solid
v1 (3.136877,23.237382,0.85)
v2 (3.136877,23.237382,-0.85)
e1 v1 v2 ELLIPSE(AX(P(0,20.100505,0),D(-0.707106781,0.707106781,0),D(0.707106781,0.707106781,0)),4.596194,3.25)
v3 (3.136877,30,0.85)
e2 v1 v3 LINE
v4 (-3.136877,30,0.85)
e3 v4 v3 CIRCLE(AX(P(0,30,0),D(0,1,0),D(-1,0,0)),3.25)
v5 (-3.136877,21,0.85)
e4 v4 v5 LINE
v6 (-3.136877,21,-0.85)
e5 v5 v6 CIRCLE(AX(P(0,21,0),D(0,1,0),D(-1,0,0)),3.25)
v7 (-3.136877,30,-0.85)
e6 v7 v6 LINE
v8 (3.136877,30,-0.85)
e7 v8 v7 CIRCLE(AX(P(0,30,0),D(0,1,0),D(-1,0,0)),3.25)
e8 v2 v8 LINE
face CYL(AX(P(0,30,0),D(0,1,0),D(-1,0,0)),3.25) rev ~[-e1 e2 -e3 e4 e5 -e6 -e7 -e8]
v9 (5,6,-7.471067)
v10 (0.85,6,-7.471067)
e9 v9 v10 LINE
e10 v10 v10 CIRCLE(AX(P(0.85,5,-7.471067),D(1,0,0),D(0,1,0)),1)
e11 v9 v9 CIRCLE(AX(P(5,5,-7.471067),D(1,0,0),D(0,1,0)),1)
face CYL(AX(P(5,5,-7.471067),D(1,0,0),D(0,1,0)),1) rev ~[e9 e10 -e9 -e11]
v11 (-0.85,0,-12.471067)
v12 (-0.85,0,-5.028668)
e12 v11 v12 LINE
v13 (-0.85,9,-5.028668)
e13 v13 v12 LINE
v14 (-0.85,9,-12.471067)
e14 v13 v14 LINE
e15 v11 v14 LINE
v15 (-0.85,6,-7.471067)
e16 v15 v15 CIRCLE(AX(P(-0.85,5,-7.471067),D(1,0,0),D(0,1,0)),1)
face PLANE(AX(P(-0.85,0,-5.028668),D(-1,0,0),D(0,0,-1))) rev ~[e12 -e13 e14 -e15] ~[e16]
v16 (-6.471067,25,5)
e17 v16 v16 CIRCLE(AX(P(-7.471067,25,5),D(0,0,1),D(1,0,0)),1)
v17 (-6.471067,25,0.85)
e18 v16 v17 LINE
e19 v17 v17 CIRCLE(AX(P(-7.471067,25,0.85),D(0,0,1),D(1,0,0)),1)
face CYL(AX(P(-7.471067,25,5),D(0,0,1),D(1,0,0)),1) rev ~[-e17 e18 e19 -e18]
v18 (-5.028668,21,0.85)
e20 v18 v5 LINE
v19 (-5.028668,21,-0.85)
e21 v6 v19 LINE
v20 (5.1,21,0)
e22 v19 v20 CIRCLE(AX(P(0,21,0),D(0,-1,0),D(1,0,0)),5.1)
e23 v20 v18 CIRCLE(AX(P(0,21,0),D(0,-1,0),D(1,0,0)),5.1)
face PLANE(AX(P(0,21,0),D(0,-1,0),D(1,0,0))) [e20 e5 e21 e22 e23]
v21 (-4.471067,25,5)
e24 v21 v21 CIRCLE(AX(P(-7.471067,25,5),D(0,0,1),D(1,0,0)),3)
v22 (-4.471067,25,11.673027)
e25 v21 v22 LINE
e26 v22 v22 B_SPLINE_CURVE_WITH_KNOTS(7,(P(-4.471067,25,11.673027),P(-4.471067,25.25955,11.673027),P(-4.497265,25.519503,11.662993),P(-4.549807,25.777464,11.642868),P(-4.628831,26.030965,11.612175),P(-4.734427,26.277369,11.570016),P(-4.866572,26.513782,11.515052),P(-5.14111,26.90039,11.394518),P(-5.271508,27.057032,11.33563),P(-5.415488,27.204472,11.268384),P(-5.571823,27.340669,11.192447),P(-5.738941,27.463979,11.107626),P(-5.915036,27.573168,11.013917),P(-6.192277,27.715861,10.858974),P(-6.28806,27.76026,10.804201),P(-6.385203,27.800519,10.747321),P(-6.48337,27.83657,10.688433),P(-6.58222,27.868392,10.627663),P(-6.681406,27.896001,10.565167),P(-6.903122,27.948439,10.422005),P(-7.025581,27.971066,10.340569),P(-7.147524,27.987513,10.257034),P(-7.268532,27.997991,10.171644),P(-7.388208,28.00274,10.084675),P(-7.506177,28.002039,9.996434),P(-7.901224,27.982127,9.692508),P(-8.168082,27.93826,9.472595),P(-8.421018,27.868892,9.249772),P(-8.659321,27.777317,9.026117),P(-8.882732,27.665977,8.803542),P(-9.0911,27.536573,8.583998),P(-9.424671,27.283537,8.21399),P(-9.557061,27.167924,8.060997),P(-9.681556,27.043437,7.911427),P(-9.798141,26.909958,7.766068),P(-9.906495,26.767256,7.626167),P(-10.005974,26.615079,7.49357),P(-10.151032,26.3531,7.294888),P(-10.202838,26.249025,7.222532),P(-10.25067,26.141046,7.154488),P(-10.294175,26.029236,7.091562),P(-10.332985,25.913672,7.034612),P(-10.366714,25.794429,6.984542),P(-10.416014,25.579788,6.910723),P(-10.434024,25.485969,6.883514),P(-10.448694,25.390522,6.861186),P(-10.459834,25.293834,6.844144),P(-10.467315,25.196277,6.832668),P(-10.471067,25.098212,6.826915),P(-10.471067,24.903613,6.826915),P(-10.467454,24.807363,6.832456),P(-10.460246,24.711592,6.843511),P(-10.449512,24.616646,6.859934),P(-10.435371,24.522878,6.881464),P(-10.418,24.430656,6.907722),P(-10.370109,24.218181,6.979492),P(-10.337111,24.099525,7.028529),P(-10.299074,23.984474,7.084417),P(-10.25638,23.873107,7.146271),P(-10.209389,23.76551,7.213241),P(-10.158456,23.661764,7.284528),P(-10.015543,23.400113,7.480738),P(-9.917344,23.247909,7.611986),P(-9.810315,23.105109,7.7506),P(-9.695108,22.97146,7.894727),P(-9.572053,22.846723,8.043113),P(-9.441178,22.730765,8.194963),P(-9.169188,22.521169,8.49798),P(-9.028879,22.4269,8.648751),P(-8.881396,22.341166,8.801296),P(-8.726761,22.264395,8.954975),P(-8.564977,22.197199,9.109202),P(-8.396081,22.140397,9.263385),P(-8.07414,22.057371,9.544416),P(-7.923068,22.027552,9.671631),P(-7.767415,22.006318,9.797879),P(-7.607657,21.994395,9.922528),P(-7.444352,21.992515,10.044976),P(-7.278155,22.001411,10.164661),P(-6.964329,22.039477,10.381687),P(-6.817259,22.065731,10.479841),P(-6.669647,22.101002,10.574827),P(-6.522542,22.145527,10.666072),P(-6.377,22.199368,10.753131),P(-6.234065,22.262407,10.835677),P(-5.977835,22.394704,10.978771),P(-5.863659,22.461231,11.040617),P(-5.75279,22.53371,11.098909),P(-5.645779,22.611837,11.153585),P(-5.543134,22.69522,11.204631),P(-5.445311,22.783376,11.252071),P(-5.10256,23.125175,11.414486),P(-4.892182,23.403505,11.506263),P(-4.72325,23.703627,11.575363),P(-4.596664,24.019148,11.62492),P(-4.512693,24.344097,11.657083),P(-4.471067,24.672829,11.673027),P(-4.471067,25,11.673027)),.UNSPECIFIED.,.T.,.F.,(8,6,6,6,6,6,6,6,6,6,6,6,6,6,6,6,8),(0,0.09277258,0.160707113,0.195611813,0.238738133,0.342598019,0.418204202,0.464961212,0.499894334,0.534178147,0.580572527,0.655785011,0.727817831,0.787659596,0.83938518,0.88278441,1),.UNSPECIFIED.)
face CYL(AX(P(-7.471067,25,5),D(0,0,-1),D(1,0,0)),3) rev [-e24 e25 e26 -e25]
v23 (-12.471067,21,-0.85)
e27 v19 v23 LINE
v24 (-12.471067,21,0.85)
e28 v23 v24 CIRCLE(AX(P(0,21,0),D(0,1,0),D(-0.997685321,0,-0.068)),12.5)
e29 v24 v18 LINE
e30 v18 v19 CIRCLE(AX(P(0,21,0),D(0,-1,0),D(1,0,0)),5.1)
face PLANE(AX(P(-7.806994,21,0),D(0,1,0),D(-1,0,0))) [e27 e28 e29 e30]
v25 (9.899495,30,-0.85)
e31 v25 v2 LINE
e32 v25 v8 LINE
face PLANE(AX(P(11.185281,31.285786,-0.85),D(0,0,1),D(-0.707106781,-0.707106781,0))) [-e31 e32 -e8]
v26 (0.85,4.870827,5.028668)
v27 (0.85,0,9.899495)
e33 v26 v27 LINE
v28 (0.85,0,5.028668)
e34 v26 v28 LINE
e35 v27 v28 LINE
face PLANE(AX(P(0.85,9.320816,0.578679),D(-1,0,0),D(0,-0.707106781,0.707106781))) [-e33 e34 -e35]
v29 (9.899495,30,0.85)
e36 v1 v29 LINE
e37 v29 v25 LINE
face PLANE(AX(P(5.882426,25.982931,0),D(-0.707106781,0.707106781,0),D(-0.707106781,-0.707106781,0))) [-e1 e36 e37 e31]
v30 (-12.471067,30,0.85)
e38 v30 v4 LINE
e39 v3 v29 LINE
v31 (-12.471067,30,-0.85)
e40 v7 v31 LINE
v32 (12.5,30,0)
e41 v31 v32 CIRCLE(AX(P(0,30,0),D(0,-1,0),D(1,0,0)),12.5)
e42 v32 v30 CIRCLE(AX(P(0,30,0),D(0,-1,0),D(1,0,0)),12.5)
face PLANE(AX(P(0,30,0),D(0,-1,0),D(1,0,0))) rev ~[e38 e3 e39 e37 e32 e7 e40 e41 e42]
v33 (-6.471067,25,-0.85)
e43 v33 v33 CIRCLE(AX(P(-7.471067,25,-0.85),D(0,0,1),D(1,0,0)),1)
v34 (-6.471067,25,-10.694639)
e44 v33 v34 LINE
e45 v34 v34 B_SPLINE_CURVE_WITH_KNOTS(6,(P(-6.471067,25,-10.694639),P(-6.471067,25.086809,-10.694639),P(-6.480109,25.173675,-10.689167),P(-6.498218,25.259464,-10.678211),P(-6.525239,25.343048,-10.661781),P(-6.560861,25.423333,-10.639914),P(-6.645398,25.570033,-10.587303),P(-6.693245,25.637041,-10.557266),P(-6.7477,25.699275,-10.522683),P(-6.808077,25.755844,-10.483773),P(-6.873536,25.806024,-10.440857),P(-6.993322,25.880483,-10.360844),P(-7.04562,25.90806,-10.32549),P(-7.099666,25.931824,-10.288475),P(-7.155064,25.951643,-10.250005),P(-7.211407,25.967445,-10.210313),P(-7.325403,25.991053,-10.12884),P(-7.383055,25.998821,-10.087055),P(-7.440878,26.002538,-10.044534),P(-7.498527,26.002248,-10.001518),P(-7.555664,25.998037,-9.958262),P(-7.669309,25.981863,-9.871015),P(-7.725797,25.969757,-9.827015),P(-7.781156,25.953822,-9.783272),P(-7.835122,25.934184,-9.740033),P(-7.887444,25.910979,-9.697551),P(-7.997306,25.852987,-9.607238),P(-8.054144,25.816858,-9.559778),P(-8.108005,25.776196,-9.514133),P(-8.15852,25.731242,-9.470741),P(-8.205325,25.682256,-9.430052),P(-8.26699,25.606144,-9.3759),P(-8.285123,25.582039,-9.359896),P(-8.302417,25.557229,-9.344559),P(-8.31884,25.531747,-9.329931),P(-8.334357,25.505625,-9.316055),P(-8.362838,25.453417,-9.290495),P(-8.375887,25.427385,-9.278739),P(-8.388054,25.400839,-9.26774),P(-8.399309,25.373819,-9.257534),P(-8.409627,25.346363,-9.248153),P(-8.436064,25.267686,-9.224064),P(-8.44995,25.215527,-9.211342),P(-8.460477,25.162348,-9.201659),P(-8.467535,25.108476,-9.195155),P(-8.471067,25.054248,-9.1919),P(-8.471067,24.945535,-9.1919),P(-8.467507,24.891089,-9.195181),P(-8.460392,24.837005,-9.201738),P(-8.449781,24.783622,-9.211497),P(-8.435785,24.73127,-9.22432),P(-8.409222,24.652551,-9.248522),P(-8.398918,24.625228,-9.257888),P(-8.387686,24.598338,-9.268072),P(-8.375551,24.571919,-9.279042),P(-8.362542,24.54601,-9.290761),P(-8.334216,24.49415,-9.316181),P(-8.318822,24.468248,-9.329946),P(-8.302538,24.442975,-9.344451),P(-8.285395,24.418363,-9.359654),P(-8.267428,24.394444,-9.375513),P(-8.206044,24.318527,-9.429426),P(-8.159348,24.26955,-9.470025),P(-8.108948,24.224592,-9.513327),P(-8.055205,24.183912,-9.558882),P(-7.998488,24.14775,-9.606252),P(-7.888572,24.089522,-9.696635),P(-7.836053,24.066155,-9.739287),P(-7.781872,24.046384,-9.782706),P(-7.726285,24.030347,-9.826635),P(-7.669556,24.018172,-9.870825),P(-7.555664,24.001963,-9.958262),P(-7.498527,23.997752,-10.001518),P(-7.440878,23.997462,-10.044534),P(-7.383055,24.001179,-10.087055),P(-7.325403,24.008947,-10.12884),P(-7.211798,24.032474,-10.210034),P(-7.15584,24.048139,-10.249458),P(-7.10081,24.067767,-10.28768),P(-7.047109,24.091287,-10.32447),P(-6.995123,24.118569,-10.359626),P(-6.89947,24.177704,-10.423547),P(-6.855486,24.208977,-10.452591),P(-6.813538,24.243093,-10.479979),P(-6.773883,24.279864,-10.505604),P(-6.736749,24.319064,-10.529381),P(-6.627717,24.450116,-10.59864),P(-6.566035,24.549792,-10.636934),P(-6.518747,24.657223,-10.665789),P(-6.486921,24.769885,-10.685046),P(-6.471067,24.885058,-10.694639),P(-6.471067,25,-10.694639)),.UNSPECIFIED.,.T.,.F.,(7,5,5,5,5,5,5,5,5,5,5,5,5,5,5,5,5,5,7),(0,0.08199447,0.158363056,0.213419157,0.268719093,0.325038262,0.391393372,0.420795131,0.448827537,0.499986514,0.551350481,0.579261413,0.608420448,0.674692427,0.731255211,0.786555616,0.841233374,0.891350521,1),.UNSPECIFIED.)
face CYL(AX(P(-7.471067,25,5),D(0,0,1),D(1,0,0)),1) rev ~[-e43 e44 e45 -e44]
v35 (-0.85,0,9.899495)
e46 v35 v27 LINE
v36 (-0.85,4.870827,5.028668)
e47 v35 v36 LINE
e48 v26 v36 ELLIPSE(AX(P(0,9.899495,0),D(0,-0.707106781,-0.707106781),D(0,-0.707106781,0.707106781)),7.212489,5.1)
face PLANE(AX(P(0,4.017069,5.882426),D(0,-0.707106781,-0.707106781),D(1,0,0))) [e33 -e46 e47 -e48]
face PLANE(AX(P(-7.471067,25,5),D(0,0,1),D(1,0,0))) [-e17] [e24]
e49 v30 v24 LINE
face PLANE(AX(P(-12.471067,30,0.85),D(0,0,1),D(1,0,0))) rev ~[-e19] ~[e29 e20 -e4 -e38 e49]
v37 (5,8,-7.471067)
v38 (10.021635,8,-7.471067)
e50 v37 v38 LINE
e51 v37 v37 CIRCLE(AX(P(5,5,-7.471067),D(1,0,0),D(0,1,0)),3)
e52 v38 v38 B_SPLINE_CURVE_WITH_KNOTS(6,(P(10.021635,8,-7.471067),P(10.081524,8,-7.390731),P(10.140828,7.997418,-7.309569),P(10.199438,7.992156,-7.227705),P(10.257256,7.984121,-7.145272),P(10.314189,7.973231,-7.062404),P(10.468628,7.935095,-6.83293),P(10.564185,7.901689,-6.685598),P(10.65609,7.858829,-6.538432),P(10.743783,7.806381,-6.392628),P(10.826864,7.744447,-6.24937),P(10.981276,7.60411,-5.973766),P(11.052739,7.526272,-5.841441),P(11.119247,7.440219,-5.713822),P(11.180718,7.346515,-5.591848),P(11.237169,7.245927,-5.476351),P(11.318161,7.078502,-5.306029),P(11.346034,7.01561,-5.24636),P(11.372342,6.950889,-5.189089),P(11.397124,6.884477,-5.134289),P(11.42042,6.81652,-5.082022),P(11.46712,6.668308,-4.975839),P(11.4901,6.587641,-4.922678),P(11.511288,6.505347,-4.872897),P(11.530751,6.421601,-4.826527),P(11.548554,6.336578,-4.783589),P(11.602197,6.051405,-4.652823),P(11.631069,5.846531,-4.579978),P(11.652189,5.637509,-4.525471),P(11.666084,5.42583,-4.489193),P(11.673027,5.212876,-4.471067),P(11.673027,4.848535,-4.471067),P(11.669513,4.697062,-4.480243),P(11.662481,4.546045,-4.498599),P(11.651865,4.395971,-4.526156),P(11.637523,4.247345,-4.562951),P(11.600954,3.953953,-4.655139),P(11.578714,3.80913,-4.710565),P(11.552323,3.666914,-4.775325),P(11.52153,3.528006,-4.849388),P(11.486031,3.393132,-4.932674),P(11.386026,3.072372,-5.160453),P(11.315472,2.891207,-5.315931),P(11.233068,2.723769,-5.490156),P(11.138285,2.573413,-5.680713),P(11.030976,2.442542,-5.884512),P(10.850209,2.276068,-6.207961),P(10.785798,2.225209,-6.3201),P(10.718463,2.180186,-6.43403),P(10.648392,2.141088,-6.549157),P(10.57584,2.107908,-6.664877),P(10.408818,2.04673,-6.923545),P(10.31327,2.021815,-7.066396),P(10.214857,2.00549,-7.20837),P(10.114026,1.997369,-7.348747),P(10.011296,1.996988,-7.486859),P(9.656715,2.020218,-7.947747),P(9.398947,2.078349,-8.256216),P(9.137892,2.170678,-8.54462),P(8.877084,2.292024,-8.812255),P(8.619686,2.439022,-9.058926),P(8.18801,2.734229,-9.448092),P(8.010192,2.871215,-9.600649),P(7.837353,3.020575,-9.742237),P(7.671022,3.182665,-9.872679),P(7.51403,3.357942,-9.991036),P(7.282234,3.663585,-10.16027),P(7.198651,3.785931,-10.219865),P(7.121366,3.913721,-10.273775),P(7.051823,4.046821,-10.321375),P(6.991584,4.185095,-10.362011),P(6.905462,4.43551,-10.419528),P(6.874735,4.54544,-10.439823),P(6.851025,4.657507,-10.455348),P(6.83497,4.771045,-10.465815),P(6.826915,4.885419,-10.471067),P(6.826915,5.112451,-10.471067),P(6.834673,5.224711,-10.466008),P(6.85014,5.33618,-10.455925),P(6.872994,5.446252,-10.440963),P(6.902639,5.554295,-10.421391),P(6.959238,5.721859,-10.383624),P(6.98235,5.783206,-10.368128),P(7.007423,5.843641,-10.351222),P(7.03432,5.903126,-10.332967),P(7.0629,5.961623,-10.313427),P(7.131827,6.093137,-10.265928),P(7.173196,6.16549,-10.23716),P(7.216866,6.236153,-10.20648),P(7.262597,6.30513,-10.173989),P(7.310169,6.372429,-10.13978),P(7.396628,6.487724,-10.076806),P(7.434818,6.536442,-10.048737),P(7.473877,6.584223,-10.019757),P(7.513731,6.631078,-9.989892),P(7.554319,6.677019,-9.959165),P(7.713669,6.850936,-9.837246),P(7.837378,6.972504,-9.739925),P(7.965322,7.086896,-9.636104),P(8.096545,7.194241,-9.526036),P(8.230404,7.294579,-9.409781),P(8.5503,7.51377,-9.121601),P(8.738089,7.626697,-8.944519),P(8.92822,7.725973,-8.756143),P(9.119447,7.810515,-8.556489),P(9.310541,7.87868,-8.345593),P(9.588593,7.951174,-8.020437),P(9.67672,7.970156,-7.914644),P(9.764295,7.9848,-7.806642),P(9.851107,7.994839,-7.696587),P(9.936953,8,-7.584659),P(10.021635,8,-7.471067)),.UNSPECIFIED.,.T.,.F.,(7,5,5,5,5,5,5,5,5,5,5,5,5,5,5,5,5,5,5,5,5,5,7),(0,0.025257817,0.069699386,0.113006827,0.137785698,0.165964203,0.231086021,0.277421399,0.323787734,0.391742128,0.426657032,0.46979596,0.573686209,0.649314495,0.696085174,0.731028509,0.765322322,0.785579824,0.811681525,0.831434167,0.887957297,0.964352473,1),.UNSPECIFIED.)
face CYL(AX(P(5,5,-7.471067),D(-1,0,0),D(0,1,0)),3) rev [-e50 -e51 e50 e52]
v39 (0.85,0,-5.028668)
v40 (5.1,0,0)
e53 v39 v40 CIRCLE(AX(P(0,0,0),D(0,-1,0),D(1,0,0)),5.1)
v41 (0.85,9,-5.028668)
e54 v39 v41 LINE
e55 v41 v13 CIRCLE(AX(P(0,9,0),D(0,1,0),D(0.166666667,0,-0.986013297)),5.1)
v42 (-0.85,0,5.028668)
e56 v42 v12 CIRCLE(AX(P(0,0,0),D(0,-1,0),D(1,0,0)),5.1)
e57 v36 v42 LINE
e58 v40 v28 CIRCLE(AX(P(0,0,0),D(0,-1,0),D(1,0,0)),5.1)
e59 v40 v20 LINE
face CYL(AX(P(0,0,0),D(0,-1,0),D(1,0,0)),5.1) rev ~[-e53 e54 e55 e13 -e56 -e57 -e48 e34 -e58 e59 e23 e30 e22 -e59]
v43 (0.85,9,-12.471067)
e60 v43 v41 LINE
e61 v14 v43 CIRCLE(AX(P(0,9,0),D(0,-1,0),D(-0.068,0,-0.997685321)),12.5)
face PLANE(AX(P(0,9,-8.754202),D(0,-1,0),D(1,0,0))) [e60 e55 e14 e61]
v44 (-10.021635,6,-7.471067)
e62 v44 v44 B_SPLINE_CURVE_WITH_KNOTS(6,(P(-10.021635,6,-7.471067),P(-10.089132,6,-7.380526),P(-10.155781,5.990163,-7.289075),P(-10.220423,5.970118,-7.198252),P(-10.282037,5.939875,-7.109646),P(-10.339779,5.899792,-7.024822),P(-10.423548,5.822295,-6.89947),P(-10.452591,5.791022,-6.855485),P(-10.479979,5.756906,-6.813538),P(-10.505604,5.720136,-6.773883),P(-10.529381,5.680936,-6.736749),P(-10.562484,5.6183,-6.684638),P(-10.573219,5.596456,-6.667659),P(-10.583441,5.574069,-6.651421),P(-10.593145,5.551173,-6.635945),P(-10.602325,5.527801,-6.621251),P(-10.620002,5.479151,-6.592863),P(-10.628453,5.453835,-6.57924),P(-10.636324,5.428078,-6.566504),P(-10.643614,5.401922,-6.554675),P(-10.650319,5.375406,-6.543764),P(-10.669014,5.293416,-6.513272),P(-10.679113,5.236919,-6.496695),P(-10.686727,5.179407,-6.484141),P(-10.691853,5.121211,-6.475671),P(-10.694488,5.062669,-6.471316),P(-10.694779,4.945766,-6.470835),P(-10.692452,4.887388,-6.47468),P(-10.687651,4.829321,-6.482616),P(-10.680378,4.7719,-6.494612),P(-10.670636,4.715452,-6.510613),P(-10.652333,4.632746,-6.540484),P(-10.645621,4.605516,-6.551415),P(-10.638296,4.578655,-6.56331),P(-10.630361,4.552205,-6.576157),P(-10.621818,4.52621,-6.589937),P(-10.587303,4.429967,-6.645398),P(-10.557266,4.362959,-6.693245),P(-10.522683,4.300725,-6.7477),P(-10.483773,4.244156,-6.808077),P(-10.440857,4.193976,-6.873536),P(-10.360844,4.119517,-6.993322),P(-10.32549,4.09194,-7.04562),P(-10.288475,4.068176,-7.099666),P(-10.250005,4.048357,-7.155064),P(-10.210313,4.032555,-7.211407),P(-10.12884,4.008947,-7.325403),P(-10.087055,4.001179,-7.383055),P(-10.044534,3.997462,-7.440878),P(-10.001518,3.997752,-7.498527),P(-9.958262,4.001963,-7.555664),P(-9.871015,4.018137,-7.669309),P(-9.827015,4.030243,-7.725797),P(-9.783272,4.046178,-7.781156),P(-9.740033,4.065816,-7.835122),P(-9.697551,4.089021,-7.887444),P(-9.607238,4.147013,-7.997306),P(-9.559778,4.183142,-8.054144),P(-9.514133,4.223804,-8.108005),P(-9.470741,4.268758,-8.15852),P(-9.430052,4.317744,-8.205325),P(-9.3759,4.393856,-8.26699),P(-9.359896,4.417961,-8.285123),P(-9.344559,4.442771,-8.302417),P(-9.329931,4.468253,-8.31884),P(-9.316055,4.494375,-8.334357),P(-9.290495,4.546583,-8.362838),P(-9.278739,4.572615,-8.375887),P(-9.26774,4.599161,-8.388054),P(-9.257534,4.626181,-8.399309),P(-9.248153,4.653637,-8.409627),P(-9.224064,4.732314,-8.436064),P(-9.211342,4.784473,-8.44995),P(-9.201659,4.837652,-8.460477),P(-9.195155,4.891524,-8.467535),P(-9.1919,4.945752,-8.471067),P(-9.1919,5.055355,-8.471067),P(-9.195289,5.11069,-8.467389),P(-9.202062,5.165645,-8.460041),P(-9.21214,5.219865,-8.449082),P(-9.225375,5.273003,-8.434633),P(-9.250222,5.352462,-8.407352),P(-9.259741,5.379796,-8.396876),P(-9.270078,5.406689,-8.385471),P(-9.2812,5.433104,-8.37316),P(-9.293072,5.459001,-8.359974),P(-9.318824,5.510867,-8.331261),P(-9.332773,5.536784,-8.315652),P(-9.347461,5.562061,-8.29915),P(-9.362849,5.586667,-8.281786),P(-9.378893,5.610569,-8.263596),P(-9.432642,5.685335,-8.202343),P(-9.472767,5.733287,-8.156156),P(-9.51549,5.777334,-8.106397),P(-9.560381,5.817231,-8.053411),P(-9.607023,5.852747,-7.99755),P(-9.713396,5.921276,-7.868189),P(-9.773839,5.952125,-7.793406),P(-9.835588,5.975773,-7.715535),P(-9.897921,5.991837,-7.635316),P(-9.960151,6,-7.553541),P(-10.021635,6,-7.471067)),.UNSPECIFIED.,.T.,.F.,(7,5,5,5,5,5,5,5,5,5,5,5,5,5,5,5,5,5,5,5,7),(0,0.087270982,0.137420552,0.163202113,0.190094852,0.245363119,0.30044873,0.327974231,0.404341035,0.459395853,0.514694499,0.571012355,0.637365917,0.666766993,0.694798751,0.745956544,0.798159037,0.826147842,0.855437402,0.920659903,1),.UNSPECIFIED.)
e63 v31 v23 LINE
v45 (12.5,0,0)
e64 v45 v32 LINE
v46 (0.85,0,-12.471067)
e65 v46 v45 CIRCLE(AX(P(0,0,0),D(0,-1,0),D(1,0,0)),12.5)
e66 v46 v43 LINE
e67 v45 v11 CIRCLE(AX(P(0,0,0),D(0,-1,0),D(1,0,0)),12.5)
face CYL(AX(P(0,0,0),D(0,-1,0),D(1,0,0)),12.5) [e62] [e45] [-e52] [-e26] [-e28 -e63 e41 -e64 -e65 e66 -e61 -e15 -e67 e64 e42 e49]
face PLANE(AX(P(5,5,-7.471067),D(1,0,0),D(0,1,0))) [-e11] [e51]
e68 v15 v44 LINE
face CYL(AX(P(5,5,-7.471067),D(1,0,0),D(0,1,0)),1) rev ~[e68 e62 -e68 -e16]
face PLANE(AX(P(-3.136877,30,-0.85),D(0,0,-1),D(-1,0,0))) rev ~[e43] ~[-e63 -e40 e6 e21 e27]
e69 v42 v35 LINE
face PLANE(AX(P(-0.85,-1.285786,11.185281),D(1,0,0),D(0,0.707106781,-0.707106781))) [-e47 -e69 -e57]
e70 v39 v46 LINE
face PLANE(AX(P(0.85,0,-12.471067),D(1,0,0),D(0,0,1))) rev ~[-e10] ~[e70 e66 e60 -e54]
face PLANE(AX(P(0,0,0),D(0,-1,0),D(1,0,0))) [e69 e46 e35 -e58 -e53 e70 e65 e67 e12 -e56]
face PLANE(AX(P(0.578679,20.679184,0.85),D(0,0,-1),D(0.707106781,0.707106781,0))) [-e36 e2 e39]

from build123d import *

# Parameters (mm, degrees)
F0_R      = 12.5
F1_DEPTH  = 30
F2_R      = 5.1
F3_DEPTH  = 21
F4_R      = 3.25
F5_DEPTH  = 30
F7_DEPTH  = 9
F11_DEPTH = 4.7828926987
F13_DEPTH = 9
F17_DEPTH = 25
F19_R     = 3
F20_DEPTH = 6.6740273092
F21_R     = 1
F22_DEPTH = 17.5010001
F24_R     = 3
F25_DEPTH = 6.6740273092
F26_R     = 1
F27_DEPTH = 17.5010001


with BuildPart() as f1:
    # F0 (on Front) → F1 (new body)
    with BuildSketch(Plane.XZ):
        Circle(F0_R)
    extrude(amount=-F1_DEPTH)

    # F2 (on face) → F3 (cut)
    with BuildSketch(Plane.XZ):
        Circle(F2_R)
    extrude(amount=-F3_DEPTH, mode=Mode.SUBTRACT)

    # F4 (on face) → F5 (cut)
    with BuildSketch(Plane(origin=(0, 30, 0), x_dir=(-1, 0, 0), z_dir=(0, 1, 0))):
        Circle(F4_R)
    extrude(amount=-F5_DEPTH, mode=Mode.SUBTRACT)

    # F6 (on face) → F7 (cut)
    with BuildSketch(Plane(origin=(0, 30, 0), x_dir=(-1, 0, 0), z_dir=(0, 1, 0))):
        with BuildLine():
            Line((12.4710665141, 0.85), (3.1368774283, 0.85))
            ThreePointArc((3.1368774283, 0.85), (3.25, 0), (3.1368774283, -0.85))
            Line((3.1368774283, -0.85), (12.4710665141, -0.85))
            ThreePointArc((12.4710665141, -0.85), (12.5, 0), (12.4710665141, 0.85))
        make_face()
    extrude(amount=-F7_DEPTH, mode=Mode.SUBTRACT)

    # F10 (on offset) → F11 (cut, through all)
    with BuildSketch(Plane(origin=(-10.0502525317, 10.0502525317, 0), x_dir=(-0.7071067812, -0.7071067812, 0), z_dir=(-0.7071067812, 0.7071067812, 0))):
        with BuildLine():
            Line((-15.0315791364, 0.85), (-30.0315791364, 0.85))
            add(Edge.make_bspline(
                [(-30.0315791364, 0.85), (-30.0725447305, 0), (-30.0315791364, -0.85)],
                knots=[4.6443364657, 4.6443364657, 4.6443364657, 4.7804414951, 4.7804414951, 4.7804414951], degree=2, weights=[1, 0.9976853211, 1]))
            Line((-30.0315791364, -0.85), (-15.0315791364, -0.85))
            Line((-15.0315791364, -0.85), (-15.0315791364, 0.85))
        make_face()
    extrude(amount=F11_DEPTH, mode=Mode.SUBTRACT)

    # F12 (on face) → F13 (cut)
    with BuildSketch(Plane.XZ):
        with BuildLine():
            ThreePointArc((0.85, -5.0286678156), (0, -5.1), (-0.85, -5.0286678156))
            Line((-0.85, -5.0286678156), (-0.85, -12.4710665141))
            ThreePointArc((-0.85, -12.4710665141), (0, -12.5), (0.85, -12.4710665141))
            Line((0.85, -12.4710665141), (0.85, -5.0286678156))
        make_face()
    extrude(amount=-F13_DEPTH, mode=Mode.SUBTRACT)

    # F16 (on offset) → F17 (cut)
    with BuildSketch(Plane(origin=(0, 4.9497474683, 4.9497474683), x_dir=(1, 0, 0), z_dir=(0, -0.7071067812, -0.7071067812))):
        with BuildLine():
            Line((-0.85, 8.8183757008), (-0.85, -6.1816242992))
            Line((-0.85, -6.1816242992), (0.85, -6.1816242992))
            Line((0.85, -6.1816242992), (0.85, 8.8183757008))
            add(Edge.make_bspline(
                [(0.85, 8.8183757008), (0, 8.8593412949), (-0.85, 8.8183757008)],
                knots=[1.5027438121, 1.5027438121, 1.5027438121, 1.6388488415, 1.6388488415, 1.6388488415], degree=2, weights=[1, 0.9976853211, 1]))
        make_face()
    extrude(amount=F17_DEPTH, mode=Mode.SUBTRACT)

    # F19 (on offset) → F20 (cut, through all)
    with BuildSketch(Plane.YZ.offset(5)):
        with Locations((5, -7.4710665141)):
            Circle(F19_R)
    extrude(amount=F20_DEPTH, mode=Mode.SUBTRACT)

    # F21 (on face) → F22 (cut, through all)
    with BuildSketch(Plane.YZ.offset(5)):
        with Locations((5, -7.4710665141)):
            Circle(F21_R)
    extrude(amount=-F22_DEPTH, mode=Mode.SUBTRACT)

    # F24 (on offset) → F25 (cut, through all)
    with BuildSketch(Plane.XY.offset(5)):
        with Locations((-7.4710665141, 25)):
            Circle(F24_R)
    extrude(amount=F25_DEPTH, mode=Mode.SUBTRACT)

    # F26 (on face) → F27 (cut, through all)
    with BuildSketch(Plane.XY.offset(5)):
        with Locations((-7.4710665141, 25)):
            Circle(F26_R)
    extrude(amount=-F27_DEPTH, mode=Mode.SUBTRACT)


solid = f1.part
